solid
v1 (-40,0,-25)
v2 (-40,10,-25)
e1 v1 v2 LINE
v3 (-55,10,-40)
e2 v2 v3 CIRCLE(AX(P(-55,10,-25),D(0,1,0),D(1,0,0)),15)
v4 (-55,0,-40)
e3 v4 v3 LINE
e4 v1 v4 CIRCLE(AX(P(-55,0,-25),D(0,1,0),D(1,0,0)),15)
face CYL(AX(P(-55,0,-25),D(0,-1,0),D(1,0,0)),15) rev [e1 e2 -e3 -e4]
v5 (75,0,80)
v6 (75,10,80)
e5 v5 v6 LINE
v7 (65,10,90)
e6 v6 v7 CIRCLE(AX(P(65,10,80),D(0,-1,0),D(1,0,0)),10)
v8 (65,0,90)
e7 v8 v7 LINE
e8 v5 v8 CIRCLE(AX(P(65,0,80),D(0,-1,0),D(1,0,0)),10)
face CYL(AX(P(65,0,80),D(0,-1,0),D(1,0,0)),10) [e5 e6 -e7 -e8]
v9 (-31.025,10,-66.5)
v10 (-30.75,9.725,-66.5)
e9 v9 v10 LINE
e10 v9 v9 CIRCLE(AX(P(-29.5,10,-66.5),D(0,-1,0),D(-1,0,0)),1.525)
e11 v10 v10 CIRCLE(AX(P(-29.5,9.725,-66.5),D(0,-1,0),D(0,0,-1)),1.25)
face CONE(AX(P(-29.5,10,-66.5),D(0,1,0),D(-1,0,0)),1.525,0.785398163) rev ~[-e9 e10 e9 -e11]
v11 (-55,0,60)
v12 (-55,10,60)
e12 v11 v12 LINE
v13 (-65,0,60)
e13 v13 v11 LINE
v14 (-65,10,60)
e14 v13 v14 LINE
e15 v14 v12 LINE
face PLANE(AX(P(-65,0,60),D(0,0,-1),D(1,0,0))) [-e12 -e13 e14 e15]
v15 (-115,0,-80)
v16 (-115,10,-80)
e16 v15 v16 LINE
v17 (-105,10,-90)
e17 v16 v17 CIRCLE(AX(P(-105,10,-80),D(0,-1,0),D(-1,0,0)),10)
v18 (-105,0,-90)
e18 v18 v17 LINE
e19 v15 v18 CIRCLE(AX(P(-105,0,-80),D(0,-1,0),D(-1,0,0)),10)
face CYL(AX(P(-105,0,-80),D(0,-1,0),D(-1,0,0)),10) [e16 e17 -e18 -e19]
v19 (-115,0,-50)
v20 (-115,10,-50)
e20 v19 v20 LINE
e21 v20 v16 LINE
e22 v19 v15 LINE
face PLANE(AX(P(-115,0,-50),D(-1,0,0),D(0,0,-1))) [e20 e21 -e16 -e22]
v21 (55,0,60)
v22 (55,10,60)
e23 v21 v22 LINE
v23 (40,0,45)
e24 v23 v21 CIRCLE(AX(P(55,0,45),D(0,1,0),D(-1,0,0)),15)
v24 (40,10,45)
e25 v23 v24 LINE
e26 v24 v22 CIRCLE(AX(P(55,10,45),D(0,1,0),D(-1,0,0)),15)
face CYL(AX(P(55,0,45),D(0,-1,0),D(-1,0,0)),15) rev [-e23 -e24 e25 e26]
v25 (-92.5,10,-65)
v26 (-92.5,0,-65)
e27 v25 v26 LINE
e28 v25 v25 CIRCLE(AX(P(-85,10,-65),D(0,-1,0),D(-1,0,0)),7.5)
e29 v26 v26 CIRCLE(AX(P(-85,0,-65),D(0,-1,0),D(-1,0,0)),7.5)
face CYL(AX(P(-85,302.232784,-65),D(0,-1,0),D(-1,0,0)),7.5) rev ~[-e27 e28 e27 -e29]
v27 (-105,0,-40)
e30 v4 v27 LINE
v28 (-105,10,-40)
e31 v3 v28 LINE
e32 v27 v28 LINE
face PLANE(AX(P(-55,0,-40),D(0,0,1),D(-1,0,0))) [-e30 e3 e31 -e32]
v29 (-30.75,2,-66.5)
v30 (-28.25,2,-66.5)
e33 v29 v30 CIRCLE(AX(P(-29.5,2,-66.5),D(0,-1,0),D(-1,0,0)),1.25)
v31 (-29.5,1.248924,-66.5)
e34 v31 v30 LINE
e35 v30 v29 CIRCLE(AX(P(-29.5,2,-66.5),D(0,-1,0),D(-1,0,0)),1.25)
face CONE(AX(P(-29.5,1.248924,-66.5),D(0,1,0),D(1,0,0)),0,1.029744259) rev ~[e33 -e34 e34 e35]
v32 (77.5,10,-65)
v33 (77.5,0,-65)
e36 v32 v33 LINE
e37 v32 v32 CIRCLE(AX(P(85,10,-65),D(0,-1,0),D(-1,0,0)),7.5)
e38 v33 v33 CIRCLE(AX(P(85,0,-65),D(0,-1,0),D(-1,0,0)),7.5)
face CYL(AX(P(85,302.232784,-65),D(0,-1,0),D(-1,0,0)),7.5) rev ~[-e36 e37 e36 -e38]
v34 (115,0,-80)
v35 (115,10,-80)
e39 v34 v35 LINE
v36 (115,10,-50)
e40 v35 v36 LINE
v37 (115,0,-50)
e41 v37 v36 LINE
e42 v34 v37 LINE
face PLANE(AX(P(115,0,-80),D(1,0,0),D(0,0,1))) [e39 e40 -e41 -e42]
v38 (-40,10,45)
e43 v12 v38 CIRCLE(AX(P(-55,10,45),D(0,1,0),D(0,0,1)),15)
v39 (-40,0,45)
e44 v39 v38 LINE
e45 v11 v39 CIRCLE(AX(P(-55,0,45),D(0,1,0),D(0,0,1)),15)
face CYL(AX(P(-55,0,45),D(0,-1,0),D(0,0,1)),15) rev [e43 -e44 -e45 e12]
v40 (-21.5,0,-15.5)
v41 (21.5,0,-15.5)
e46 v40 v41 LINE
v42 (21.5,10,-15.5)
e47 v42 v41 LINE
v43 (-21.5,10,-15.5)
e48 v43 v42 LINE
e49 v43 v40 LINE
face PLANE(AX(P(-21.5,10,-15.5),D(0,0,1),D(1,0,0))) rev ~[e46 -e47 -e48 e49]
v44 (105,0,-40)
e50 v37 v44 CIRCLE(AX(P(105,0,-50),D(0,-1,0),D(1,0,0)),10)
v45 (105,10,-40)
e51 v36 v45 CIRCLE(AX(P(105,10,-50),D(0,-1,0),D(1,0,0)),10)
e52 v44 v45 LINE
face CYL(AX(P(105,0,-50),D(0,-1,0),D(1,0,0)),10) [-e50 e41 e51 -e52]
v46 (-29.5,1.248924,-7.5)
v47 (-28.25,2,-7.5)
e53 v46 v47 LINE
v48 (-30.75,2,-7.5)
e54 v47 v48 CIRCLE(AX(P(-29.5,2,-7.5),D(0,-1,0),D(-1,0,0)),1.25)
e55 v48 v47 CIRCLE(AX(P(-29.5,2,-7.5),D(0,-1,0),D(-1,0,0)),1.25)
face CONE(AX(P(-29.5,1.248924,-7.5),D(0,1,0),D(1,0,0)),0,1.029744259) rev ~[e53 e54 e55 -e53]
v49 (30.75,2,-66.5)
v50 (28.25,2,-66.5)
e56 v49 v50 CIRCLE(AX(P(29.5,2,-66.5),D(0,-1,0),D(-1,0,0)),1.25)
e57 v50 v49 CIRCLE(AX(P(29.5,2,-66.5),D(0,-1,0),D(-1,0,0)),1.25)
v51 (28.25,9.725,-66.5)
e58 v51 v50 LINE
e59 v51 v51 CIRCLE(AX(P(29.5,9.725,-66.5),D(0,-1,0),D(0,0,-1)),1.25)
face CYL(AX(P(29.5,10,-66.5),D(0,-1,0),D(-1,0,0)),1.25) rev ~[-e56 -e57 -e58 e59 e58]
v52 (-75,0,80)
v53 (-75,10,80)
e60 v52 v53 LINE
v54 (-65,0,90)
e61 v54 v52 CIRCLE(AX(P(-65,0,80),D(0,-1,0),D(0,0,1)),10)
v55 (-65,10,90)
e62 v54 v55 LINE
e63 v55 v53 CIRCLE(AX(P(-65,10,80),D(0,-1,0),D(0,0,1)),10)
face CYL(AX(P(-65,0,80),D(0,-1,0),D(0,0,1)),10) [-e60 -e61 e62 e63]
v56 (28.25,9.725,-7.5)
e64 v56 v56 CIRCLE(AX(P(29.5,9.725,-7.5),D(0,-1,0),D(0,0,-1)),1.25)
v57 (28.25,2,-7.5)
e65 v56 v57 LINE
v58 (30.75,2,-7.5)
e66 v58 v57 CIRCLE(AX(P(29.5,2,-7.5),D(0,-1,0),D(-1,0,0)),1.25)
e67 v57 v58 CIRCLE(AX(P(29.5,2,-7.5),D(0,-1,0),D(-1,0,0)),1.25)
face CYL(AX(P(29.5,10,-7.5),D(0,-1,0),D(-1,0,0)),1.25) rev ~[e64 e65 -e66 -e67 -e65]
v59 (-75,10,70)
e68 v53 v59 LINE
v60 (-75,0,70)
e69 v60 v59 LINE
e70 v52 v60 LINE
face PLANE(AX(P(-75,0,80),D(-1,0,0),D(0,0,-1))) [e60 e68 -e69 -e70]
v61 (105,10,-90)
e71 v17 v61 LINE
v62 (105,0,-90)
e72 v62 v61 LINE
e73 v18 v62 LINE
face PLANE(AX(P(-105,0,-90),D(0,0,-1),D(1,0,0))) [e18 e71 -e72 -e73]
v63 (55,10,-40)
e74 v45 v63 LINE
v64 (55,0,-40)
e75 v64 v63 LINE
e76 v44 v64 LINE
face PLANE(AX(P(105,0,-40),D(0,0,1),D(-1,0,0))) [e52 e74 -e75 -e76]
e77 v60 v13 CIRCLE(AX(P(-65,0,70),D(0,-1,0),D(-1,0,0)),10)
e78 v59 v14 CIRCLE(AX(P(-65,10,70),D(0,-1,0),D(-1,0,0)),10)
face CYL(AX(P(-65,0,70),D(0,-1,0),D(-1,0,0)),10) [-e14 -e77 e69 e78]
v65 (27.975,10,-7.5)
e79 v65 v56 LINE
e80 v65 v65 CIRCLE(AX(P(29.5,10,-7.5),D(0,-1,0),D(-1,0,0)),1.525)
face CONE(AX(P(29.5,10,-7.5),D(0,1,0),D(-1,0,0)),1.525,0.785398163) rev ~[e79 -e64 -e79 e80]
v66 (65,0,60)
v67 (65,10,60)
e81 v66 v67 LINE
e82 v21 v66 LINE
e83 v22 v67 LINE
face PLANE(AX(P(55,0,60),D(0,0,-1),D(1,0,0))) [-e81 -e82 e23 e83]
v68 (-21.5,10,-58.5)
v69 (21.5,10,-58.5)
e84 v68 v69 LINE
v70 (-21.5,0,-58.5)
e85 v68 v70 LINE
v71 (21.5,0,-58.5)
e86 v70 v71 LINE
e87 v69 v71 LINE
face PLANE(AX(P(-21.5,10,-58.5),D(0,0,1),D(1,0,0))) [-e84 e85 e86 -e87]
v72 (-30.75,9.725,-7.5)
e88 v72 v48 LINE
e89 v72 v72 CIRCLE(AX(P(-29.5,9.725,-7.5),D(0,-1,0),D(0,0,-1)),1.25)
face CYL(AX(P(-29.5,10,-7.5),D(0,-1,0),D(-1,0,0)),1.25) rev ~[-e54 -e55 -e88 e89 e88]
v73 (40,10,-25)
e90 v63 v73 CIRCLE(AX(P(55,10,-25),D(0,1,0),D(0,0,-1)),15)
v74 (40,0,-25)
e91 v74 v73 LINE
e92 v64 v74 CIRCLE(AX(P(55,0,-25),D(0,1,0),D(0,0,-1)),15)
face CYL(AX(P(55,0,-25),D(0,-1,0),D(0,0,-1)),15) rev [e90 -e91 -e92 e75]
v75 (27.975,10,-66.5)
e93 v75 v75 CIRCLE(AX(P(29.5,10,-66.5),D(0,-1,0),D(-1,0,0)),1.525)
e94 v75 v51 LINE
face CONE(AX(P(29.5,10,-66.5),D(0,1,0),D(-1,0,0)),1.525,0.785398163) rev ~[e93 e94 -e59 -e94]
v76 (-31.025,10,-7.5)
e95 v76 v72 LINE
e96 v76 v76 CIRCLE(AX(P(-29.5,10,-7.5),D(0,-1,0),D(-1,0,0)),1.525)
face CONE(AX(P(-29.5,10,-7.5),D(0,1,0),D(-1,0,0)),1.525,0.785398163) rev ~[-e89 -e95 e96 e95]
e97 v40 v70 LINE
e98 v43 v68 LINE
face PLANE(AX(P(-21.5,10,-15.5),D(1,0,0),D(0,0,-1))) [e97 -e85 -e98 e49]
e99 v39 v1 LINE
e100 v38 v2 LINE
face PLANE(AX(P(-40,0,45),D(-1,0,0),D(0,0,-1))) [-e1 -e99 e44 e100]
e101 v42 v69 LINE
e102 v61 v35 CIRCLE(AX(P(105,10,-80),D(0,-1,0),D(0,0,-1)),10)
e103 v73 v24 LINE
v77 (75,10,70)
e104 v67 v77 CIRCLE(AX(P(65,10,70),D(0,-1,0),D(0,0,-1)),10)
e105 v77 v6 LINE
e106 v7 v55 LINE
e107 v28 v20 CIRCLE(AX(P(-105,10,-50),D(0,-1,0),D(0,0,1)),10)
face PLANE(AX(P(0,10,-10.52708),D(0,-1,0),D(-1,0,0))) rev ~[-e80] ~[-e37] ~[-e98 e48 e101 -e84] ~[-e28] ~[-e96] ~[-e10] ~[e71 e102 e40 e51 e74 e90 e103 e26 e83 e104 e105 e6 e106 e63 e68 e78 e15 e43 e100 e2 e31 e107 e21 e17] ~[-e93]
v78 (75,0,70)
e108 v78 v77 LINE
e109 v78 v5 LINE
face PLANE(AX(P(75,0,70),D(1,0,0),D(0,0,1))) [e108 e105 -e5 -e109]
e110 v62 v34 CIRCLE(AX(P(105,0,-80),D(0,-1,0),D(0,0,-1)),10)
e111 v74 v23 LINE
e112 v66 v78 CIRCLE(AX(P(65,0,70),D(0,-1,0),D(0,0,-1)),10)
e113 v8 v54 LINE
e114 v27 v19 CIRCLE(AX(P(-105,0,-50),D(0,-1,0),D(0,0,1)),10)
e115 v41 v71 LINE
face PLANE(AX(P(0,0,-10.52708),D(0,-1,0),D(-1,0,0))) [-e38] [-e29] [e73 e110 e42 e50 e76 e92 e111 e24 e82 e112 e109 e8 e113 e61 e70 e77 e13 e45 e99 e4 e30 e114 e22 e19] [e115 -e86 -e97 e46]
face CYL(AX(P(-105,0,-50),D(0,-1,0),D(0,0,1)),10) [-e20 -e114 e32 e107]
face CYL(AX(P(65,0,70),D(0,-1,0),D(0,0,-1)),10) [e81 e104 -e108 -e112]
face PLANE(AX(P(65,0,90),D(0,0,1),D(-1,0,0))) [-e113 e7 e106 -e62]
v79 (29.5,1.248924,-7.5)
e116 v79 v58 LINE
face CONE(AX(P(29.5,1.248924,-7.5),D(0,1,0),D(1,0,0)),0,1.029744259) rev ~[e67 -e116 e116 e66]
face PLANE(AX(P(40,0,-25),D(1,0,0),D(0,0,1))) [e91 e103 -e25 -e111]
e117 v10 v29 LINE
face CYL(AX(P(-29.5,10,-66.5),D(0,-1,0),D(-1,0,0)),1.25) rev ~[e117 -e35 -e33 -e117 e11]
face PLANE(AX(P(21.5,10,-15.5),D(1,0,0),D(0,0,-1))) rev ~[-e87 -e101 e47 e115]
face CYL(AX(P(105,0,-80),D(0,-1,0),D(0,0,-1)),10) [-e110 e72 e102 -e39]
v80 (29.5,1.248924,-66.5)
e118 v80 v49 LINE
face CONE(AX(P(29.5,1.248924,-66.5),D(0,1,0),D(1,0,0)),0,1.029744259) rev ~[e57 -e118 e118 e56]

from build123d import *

# Parameters (mm, degrees)
AUFSATZ_LINEAR_AUSTRAGEN1_DEPTH  = 10
F_15_0_15_DURCHMESSER_BOHRUNG1_D = 15
SKIZZE8_W                        = 43
SKIZZE8_H                        = 43
SCHNITT_LINEAR_AUSTRAGEN2_DEPTH  = 10
M3_GEWINDEBOHRUNG1_D             = 2.5
M3_GEWINDEBOHRUNG1_DEPTH         = 8
M3_GEWINDEBOHRUNG1_CSINK_D       = 3.05
M3_GEWINDEBOHRUNG1_CSINK_ANGLE   = 90
M3_GEWINDEBOHRUNG1_TIP           = 0.751075774


with BuildPart() as part:
    # Skizze1 → Aufsatz-Linear austragen1 (new body)
    with BuildSketch(Plane(origin=(0, 0, 0), x_dir=(1, 0, 0), z_dir=(0, 1, 0))):
        with BuildLine():
            Line((-105, 90), (105, 90))
            ThreePointArc((105, 90), (112.071067812, 87.071067812), (115, 80))
            Line((115, 80), (115, 50))
            ThreePointArc((115, 50), (112.071067812, 42.928932188), (105, 40))
            Line((105, 40), (55, 40))
            ThreePointArc((55, 40), (44.393398282, 35.606601718), (40, 25))
            Line((40, 25), (40, -45))
            ThreePointArc((40, -45), (44.393398282, -55.606601718), (55, -60))
            Line((55, -60), (65, -60))
            ThreePointArc((65, -60), (72.071067812, -62.928932188), (75, -70))
            Line((75, -70), (75, -80))
            ThreePointArc((75, -80), (72.071067812, -87.071067812), (65, -90))
            Line((65, -90), (-65, -90))
            ThreePointArc((-65, -90), (-72.071067812, -87.071067812), (-75, -80))
            Line((-75, -80), (-75, -70))
            ThreePointArc((-75, -70), (-72.071067812, -62.928932188), (-65, -60))
            Line((-65, -60), (-55, -60))
            ThreePointArc((-55, -60), (-44.393398282, -55.606601718), (-40, -45))
            Line((-40, -45), (-40, 25))
            ThreePointArc((-40, 25), (-44.393398282, 35.606601718), (-55, 40))
            Line((-55, 40), (-105, 40))
            ThreePointArc((-105, 40), (-112.071067812, 42.928932188), (-115, 50))
            Line((-115, 50), (-115, 80))
            ThreePointArc((-115, 80), (-112.071067812, 87.071067812), (-105, 90))
        make_face()
    extrude(amount=AUFSATZ_LINEAR_AUSTRAGEN1_DEPTH)

    # Ø15.0 (15) Durchmesser Bohrung1 (through all)
    with Locations(Plane(origin=(0, 10, 0), x_dir=(1, 0, 0), z_dir=(0, 1, 0))):
        with Locations((-85, 65), (85, 65)):
            Hole(F_15_0_15_DURCHMESSER_BOHRUNG1_D / 2)

    # Skizze8 → Schnitt-Linear austragen2 (cut)
    with BuildSketch(Plane(origin=(0, 10, 0), x_dir=(1, 0, 0), z_dir=(0, 1, 0))):
        with Locations((0, 37)):
            Rectangle(SKIZZE8_W, SKIZZE8_H)
    extrude(amount=-SCHNITT_LINEAR_AUSTRAGEN2_DEPTH, mode=Mode.SUBTRACT)

    # M3 Gewindebohrung1
    with Locations(Plane(origin=(0, 10, 0), x_dir=(1, 0, 0), z_dir=(0, 1, 0))):
        with Locations((-29.5, 66.5), (-29.5, 7.5), (29.5, 7.5), (29.5, 66.5)):
            CounterSinkHole(M3_GEWINDEBOHRUNG1_D / 2, M3_GEWINDEBOHRUNG1_CSINK_D / 2, depth=M3_GEWINDEBOHRUNG1_DEPTH, counter_sink_angle=M3_GEWINDEBOHRUNG1_CSINK_ANGLE)
            with Locations((0, 0, -(M3_GEWINDEBOHRUNG1_DEPTH + M3_GEWINDEBOHRUNG1_TIP / 2))):  # 118° drill point
                Cone(0, M3_GEWINDEBOHRUNG1_D / 2, M3_GEWINDEBOHRUNG1_TIP, mode=Mode.SUBTRACT)


solid = part.part
